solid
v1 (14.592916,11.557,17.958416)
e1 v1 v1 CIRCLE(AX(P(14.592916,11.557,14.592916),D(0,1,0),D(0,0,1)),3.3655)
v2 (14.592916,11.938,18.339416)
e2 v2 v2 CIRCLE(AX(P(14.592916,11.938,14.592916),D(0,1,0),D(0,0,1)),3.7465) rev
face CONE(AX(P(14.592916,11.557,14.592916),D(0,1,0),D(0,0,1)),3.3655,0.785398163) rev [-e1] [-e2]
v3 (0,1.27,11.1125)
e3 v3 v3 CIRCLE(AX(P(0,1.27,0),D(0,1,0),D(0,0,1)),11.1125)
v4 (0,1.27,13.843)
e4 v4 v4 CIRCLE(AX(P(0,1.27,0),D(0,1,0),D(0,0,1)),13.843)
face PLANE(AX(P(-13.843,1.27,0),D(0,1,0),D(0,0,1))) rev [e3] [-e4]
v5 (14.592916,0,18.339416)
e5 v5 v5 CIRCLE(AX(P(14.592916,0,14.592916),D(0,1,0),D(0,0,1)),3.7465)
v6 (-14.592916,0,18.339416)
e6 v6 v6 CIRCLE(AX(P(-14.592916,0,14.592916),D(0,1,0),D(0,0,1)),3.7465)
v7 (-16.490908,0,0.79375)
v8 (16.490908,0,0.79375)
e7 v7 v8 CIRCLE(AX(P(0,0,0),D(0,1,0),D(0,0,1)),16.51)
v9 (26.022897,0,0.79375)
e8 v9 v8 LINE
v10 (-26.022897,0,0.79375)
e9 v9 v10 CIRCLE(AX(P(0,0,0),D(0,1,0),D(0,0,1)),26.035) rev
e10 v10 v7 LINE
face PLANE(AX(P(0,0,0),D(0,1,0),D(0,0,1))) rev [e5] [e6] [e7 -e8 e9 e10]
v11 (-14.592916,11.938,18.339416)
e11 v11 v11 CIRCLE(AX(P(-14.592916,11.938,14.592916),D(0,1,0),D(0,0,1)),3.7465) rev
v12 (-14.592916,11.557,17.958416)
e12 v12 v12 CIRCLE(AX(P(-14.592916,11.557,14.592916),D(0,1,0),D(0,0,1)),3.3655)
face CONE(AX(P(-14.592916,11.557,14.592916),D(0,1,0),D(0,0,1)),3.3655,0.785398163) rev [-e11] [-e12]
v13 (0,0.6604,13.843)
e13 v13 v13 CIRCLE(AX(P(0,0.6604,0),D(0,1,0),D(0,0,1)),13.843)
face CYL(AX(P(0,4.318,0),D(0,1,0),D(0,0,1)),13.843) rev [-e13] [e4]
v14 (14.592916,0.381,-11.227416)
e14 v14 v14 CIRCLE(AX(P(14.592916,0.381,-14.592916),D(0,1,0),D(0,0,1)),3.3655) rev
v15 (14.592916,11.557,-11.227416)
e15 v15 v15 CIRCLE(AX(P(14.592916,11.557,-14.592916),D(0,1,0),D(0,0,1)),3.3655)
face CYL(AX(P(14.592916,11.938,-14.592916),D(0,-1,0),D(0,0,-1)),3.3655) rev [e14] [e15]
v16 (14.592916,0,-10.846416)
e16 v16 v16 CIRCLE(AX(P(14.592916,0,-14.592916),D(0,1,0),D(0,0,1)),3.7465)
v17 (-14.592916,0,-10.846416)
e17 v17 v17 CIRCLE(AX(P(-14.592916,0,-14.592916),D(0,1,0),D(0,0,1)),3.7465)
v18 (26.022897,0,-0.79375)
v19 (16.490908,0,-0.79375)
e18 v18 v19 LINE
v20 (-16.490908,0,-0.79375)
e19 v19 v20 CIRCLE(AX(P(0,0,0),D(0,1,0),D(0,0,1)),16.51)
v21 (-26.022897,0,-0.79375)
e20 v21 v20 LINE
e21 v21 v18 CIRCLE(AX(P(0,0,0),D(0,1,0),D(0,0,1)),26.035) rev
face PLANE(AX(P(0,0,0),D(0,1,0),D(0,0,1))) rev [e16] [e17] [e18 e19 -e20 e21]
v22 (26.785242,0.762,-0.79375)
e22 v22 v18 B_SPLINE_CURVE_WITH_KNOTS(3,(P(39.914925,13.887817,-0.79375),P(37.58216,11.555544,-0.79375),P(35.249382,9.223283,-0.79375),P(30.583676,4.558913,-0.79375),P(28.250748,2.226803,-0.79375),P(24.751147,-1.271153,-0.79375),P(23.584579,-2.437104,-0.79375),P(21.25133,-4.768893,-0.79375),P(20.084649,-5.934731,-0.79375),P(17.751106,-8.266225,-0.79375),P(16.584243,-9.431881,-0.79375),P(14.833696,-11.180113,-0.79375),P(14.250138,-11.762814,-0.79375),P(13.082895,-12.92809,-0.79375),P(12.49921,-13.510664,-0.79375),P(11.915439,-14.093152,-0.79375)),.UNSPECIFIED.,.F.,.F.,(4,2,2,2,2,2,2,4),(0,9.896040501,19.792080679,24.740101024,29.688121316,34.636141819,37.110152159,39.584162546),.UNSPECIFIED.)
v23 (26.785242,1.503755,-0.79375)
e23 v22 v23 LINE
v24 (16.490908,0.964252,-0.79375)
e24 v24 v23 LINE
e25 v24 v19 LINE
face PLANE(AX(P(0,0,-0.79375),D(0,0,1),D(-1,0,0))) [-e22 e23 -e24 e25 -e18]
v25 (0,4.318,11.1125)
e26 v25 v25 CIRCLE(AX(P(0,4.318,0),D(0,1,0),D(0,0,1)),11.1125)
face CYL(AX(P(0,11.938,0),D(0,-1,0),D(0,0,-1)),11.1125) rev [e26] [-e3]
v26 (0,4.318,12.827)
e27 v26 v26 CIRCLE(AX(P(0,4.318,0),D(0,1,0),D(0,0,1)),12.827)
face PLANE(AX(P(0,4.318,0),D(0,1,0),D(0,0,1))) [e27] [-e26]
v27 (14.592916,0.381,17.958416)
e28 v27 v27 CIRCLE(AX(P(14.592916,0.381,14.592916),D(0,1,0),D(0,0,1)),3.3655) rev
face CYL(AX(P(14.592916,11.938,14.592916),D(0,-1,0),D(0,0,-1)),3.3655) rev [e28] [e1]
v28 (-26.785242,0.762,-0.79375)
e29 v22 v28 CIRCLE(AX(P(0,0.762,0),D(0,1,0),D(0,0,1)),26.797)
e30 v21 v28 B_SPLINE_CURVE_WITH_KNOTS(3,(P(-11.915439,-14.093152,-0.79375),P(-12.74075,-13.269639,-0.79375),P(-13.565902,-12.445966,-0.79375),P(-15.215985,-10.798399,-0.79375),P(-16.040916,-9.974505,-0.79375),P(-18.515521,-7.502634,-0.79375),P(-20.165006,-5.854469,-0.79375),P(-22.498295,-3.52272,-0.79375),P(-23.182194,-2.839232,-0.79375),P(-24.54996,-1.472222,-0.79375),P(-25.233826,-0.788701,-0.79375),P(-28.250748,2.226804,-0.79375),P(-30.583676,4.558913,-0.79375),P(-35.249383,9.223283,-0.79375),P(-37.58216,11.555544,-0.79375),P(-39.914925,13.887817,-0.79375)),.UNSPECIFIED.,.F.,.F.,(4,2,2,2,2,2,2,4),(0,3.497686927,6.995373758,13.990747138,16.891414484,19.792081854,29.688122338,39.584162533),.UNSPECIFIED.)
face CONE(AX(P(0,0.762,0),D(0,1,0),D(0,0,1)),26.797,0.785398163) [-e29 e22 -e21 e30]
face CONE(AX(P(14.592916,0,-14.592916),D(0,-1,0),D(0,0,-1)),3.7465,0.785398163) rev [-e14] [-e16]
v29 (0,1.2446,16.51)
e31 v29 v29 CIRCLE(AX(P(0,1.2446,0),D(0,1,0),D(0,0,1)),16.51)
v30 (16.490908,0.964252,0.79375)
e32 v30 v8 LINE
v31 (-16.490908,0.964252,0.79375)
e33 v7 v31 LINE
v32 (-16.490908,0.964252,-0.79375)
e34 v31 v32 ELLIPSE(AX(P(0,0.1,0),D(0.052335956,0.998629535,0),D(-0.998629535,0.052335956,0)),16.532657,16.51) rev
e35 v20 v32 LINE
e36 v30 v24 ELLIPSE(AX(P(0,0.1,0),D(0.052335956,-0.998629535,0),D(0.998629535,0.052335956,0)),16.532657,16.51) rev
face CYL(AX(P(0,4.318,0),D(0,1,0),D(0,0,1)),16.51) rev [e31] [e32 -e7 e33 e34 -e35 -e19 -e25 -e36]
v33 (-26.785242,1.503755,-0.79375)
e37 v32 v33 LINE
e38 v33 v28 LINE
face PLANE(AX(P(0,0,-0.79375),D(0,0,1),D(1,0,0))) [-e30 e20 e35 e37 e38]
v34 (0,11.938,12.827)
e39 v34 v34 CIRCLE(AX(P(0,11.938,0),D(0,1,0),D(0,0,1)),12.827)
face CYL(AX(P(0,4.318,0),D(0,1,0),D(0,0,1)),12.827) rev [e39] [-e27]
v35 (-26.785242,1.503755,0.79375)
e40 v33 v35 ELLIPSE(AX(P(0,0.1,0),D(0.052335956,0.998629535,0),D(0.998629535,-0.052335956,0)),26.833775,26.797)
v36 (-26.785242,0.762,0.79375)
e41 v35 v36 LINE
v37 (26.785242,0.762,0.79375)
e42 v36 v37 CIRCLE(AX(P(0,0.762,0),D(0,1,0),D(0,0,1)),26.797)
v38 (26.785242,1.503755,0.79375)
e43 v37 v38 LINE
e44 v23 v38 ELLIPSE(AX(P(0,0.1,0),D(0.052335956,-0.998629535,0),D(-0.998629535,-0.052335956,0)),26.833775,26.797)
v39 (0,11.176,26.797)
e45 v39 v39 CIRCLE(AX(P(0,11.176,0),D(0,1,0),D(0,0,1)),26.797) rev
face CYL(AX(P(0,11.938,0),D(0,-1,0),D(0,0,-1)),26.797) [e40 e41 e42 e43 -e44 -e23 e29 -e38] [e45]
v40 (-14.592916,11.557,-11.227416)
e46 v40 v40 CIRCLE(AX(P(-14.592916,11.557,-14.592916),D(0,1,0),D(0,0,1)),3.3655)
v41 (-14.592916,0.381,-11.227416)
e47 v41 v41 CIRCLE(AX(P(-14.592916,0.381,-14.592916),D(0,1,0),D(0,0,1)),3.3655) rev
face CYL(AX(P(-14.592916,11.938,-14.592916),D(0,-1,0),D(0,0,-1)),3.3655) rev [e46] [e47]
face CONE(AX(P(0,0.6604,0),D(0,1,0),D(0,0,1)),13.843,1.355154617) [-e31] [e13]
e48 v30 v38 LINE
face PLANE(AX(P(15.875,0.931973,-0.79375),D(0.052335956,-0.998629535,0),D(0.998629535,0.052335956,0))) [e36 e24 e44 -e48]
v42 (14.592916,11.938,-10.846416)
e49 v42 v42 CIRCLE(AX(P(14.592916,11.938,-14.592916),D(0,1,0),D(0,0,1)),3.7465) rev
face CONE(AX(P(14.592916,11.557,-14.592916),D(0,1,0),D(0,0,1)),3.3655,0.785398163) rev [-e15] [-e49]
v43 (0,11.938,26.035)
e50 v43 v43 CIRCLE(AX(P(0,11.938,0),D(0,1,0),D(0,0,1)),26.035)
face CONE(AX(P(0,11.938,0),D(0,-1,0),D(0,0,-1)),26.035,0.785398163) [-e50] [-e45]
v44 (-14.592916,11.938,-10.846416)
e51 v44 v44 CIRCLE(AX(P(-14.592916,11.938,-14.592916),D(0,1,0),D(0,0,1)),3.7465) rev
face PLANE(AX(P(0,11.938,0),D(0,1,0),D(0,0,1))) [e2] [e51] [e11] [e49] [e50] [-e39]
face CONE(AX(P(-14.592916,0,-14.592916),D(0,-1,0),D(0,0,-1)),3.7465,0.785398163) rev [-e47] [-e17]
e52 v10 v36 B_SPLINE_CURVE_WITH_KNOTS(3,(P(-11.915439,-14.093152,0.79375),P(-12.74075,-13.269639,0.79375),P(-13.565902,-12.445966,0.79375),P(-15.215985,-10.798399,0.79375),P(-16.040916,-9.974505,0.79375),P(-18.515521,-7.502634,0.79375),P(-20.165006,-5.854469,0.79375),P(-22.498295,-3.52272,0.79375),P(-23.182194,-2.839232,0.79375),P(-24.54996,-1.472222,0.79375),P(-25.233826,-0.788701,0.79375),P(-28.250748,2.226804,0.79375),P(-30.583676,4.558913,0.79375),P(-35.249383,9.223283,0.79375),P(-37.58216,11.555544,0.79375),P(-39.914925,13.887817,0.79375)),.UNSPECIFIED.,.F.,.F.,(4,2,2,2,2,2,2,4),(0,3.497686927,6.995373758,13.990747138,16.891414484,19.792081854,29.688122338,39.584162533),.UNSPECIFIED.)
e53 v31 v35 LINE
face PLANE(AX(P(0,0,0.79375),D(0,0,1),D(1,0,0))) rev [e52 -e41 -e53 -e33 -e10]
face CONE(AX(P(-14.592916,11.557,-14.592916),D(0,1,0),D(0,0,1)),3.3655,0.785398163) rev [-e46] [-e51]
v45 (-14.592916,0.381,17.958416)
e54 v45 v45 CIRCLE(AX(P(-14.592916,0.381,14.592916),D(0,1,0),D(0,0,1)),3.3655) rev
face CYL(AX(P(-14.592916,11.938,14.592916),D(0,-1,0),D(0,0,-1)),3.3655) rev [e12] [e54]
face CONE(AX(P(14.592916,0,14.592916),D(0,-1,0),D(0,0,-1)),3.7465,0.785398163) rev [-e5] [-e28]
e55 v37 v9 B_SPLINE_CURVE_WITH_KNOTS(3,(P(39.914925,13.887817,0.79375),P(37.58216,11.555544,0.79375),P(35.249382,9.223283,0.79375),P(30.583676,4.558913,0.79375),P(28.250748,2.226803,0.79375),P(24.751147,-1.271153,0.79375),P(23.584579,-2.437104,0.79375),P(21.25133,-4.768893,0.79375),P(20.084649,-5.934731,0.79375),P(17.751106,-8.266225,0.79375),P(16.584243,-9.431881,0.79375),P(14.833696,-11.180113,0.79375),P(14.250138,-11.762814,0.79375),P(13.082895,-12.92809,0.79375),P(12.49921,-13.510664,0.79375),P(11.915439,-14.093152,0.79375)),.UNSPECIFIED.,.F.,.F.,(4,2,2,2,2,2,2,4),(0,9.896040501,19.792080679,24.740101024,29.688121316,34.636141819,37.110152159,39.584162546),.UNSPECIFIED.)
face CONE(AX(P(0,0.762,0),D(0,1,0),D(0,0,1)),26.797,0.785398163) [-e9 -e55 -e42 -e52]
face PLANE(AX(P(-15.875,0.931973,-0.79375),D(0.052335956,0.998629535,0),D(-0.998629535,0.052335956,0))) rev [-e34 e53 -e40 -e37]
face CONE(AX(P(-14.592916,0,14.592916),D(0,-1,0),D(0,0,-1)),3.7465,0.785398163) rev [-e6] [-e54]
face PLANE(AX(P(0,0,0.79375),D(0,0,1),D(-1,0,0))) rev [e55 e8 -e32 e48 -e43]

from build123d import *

# Parameters (mm, degrees)
SKETCH1_R                    = 26.797
SKETCH1_R_2                  = 11.1125
BOSS_EXTRUDE1_DEPTH          = 11.938
SKETCH2_R                    = 12.827
CUT_EXTRUDE1_DEPTH           = 7.62
CHAMFER1_SIZE                = 0.762
SKETCH4_R                    = 3.3655
CUT_EXTRUDE2_DEPTH           = 12.938
CHAMFER2_SIZE                = 0.381
CIRPATTERN1_COUNT            = 4
CHAMFER2_OF_CIRPATTERN1_SIZE = 0.381
CUT_EXTRUDE5_DEPTH           = 0.79375


with BuildPart() as part:
    # Sketch1 → Boss-Extrude1 (new body)
    with BuildSketch(Plane(origin=(0, 0, 0), x_dir=(1, 0, 0), z_dir=(0, 1, 0))):
        Circle(SKETCH1_R)
        Circle(SKETCH1_R_2, mode=Mode.SUBTRACT)
    extrude(amount=BOSS_EXTRUDE1_DEPTH)

    # Sketch2 → Cut-Extrude1 (cut)
    with BuildSketch(Plane(origin=(0, 11.938, 0), x_dir=(1, 0, 0), z_dir=(0, 1, 0))):
        Circle(SKETCH2_R)
    extrude(amount=-CUT_EXTRUDE1_DEPTH, mode=Mode.SUBTRACT)

    # Chamfer1
    chamfer1_edges = [part.edges().sort_by_distance(p)[0] for p in [
        (-26.797, 0, 0),
        (-26.797, 11.938, 0),
    ]]
    chamfer(chamfer1_edges, length=CHAMFER1_SIZE)

    # Sketch3 → Cut-Revolve1 (revolve, cut)
    with BuildSketch(Plane.XY):
        Polygon((-16.51, 0), (-16.51, 1.2446), (-13.843, 0.6604), (-13.843, 1.27), (0, 1.27), (0, 0), align=None)
    revolve(axis=Axis((0, 11.938, 0), (0, -1, 0)), mode=Mode.SUBTRACT)

    # Sketch4 → Cut-Extrude2 (cut, through all)
    with BuildSketch(Plane(origin=(0, 0, 0), x_dir=(1, 0, 0), z_dir=(0, 1, 0))):
        with Locations((14.592916197, 14.592916197)):
            Circle(SKETCH4_R)
    cut_extrude2 = extrude(amount=CUT_EXTRUDE2_DEPTH, mode=Mode.SUBTRACT)

    # Chamfer2
    chamfer2_edges = [part.edges().sort_by_distance(p)[0] for p in [
        (11.227416197, 0, -14.592916197),
        (11.227416197, 11.938, -14.592916197),
    ]]
    chamfer(chamfer2_edges, length=CHAMFER2_SIZE)

    # CirPattern1: Cut-Extrude2 ×4 about axis
    cirpattern1_axis = Axis((0, 0, 0), (0, 1, 0))
    for i in range(1, CIRPATTERN1_COUNT):
        add(cut_extrude2.rotate(cirpattern1_axis, i * 360 / CIRPATTERN1_COUNT), mode=Mode.SUBTRACT)

    # Chamfer2 of CirPattern1
    chamfer2_of_cirpattern1_edges = [part.edges().sort_by_distance(p)[0] for p in [
        (-14.592916197, 0, -11.227416197),
        (-14.592916197, 11.938, -11.227416197),
        (-11.227416197, 0, 14.592916197),
        (-11.227416197, 11.938, 14.592916197),
        (14.592916197, 0, 11.227416197),
        (14.592916197, 11.938, 11.227416197),
    ]]
    chamfer(chamfer2_of_cirpattern1_edges, length=CHAMFER2_OF_CIRPATTERN1_SIZE)

    # Sketch5 → Cut-Extrude5 (cut, symmetric)
    with BuildSketch(Plane.XY):
        Polygon((-15.875, 0.931973496), (-28.575, 1.597552293), (-28.575, 0), (-15.875, 0), align=None)
    cut_extrude5 = extrude(amount=CUT_EXTRUDE5_DEPTH, both=True, mode=Mode.SUBTRACT)

    # Mirror1: Cut-Extrude5 across plane
    add(cut_extrude5.mirror(Plane(origin=(0, 0, 0), x_dir=(0, 0, 1), z_dir=(1, 0, 0))), mode=Mode.SUBTRACT)


solid = part.part
